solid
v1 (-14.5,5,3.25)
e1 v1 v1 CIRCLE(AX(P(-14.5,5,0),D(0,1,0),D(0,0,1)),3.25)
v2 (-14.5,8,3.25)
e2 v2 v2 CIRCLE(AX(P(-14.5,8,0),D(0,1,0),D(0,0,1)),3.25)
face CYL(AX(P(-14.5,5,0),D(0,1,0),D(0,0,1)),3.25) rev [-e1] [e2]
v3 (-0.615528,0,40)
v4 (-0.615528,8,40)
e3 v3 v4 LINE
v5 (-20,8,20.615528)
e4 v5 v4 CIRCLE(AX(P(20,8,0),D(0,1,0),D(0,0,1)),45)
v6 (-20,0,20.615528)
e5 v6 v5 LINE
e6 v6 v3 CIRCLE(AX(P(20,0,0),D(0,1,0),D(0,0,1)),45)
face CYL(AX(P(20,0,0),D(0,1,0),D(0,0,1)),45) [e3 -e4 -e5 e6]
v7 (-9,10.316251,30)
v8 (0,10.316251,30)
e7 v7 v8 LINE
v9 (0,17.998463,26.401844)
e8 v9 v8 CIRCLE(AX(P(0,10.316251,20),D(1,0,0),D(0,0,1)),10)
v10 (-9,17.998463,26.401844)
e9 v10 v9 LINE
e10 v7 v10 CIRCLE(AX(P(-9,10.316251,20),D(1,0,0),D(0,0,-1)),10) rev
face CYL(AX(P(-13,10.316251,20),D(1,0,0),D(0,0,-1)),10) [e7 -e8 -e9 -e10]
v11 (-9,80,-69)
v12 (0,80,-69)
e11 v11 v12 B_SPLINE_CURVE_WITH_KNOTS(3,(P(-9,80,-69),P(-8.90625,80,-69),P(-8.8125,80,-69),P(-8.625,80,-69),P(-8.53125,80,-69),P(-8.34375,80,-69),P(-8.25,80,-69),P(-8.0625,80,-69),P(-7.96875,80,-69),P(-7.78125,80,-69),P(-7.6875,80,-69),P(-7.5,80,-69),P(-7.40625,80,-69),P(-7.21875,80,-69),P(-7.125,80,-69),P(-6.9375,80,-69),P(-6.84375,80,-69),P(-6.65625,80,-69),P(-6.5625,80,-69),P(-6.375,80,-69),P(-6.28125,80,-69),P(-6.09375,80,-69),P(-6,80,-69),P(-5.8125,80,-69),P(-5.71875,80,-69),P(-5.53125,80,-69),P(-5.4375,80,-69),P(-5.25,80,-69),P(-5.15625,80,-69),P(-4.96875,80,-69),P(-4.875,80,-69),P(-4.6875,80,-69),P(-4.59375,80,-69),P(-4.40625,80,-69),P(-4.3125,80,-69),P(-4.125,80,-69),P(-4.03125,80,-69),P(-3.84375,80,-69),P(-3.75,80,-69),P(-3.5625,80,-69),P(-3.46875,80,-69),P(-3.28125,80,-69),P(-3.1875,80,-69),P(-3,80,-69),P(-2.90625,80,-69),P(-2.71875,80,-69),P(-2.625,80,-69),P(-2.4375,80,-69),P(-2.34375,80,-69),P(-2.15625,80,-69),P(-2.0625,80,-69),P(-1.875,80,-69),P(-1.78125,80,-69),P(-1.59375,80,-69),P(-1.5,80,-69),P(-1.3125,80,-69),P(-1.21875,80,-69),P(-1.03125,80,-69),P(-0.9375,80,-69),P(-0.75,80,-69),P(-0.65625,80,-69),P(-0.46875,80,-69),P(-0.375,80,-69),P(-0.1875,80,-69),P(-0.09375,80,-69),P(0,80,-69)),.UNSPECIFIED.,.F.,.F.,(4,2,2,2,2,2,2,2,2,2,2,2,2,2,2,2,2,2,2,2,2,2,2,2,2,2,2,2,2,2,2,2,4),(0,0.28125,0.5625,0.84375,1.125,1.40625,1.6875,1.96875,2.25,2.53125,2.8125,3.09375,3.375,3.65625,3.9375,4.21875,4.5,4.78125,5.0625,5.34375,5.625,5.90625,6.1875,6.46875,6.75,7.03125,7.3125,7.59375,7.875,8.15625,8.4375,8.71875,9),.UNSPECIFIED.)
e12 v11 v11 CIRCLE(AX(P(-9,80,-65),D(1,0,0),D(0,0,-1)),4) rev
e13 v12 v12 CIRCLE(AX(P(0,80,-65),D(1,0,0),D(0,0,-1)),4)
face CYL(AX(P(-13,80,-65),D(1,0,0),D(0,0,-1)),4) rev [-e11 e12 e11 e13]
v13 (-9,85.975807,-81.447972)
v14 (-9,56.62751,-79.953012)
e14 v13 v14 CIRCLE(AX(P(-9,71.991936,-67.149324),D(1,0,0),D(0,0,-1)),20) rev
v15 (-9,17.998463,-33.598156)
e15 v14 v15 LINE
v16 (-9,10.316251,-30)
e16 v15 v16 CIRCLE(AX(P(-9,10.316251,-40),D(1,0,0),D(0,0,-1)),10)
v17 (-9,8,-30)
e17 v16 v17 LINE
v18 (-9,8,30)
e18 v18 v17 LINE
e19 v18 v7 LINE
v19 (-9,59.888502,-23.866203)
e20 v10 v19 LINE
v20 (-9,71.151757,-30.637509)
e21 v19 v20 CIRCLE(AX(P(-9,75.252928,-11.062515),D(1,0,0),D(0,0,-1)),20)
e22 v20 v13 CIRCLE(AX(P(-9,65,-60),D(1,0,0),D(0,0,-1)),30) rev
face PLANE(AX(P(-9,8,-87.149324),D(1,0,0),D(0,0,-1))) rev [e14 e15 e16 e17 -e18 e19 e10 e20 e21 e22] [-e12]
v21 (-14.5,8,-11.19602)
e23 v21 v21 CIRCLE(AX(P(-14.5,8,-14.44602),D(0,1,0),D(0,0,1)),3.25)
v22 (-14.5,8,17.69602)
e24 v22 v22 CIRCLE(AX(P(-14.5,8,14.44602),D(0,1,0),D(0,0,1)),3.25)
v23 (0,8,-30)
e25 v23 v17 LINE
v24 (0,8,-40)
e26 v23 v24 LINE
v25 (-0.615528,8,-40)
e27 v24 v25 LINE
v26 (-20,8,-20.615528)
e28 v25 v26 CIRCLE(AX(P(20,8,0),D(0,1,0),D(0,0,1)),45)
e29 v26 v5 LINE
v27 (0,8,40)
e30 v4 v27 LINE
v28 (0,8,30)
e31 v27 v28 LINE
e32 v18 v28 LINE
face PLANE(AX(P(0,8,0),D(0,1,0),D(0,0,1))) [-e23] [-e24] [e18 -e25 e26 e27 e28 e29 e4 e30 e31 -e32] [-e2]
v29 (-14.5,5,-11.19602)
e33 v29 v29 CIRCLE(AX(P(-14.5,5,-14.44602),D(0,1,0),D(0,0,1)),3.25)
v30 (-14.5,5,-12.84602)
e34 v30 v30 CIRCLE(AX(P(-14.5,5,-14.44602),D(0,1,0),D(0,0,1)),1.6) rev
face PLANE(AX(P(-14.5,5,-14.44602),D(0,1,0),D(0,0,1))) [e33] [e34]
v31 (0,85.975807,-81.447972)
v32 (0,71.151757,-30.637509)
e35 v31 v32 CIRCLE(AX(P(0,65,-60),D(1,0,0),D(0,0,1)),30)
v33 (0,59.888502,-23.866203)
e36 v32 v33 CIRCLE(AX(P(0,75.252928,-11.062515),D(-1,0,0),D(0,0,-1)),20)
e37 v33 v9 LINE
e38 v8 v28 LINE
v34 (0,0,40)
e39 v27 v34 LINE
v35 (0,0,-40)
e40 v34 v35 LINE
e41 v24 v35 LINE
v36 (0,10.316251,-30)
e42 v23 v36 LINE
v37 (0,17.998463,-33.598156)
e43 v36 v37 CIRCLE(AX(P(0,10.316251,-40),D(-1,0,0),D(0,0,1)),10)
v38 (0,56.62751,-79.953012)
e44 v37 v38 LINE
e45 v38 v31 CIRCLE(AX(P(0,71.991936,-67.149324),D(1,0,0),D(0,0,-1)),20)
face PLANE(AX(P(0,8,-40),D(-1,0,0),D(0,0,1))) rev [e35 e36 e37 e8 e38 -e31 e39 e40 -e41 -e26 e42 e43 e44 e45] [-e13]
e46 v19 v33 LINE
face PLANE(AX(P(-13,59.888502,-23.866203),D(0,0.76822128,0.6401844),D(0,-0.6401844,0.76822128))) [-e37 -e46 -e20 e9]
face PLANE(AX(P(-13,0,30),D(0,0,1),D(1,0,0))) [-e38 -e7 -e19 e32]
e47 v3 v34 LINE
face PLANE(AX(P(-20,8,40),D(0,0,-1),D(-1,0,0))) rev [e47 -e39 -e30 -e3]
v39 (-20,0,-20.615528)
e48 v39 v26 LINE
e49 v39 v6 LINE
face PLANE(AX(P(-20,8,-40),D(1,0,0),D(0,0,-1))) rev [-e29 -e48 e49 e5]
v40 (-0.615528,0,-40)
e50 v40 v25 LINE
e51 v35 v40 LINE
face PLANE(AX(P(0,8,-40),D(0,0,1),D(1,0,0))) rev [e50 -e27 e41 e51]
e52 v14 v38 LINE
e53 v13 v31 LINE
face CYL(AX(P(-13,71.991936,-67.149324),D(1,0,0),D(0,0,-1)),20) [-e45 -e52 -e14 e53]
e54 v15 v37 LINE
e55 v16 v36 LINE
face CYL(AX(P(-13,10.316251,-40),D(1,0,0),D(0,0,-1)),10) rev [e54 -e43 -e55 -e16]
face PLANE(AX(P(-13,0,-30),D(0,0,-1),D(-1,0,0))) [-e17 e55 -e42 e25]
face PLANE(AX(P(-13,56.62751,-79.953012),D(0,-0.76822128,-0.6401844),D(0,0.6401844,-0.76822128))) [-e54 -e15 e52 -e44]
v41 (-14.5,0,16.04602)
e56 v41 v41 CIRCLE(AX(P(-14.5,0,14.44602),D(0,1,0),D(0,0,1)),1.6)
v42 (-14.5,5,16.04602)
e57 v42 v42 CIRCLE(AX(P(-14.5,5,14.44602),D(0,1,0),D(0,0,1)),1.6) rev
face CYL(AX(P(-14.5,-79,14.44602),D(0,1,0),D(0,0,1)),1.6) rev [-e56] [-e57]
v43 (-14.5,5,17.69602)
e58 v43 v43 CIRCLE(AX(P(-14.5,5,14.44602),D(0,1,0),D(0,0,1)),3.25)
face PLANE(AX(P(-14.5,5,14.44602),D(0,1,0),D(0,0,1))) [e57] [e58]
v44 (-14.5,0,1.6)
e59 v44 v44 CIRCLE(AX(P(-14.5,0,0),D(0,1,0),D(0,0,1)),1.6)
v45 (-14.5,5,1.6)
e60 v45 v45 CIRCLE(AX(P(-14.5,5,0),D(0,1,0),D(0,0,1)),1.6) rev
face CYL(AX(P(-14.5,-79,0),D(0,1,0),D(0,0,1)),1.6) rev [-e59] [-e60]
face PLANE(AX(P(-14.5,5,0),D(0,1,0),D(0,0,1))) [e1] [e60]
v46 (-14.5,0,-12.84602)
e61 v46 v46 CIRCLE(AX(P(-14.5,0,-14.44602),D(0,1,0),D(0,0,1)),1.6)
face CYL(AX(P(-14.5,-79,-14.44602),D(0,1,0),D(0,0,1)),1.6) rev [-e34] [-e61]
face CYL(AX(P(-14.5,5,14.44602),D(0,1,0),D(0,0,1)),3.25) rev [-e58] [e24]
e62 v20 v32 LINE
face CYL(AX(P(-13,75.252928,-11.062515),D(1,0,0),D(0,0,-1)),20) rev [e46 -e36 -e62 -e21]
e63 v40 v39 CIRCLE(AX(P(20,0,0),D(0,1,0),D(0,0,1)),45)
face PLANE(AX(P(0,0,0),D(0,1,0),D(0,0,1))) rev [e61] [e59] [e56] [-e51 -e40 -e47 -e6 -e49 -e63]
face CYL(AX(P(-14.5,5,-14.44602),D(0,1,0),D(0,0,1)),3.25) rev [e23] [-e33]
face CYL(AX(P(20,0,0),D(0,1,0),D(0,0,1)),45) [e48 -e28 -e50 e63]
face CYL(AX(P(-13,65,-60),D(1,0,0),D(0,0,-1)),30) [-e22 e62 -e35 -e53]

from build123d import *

# Parameters (mm, degrees)
CROQUIS1_W              = 20
CROQUIS1_H              = 80
SALIENTE_EXTRUIR2_DEPTH = 8
CORTAR_EXTRUIR1_DEPTH   = 8
CROQUIS4_R              = 4
SALIENTE_EXTRUIR3_DEPTH = 13
CROQUIS5_W              = 11
CROQUIS5_H              = 133.76595163
CORTAR_EXTRUIR2_DEPTH   = 87
CROQUIS6_R              = 1.6
CORTAR_EXTRUIR3_DEPTH   = 87
CROQUIS7_R              = 3.25
CORTAR_EXTRUIR4_DEPTH   = 3


with BuildPart() as part:
    # Croquis1 → Saliente-Extruir2 (new body)
    with BuildSketch(Plane(origin=(0, 0, 0), x_dir=(1, 0, 0), z_dir=(0, 1, 0))):
        with Locations((-10, 0)):
            Rectangle(CROQUIS1_W, CROQUIS1_H)
    extrude(amount=SALIENTE_EXTRUIR2_DEPTH)

    # Croquis2 → Cortar-Extruir1 (cut)
    with BuildSketch(Plane(origin=(0, 8, 0), x_dir=(1, 0, 0), z_dir=(0, 1, 0))):
        with BuildLine():
            ThreePointArc((-0.615528128, -40), (-11.819805153, -31.819805153), (-20, -20.615528128))
            Line((-20, -20.615528128), (-20, -40))
            Line((-20, -40), (-0.615528128, -40))
        make_face()
        with BuildLine():
            Line((-0.615528128, 40), (-20, 40))
            Line((-20, 40), (-20, 20.615528128))
            ThreePointArc((-20, 20.615528128), (-11.819805153, 31.819805153), (-0.615528128, 40))
        make_face()
    extrude(amount=-CORTAR_EXTRUIR1_DEPTH, mode=Mode.SUBTRACT)

    # Croquis4 → Saliente-Extruir3 (add)
    with BuildSketch(Plane(origin=(0, 0, 0), x_dir=(0, 0, -1), z_dir=(1, 0, 0))):
        with BuildLine():
            Line((0, 0), (30, 0))
            Line((30, 0), (30, 10.31625054))
            ThreePointArc((30, 10.31625054), (30.944105788, 14.557804503), (33.598156003, 17.998463336))
            Line((33.598156003, 17.998463336), (79.953012113, 56.627510094))
            ThreePointArc((79.953012113, 56.627510094), (87.123427128, 70.974483465), (81.447972358, 85.975807058))
            ThreePointArc((81.447972358, 85.975807058), (51.597737237, 93.799339931), (30.637508796, 71.151756681))
            ThreePointArc((30.637508796, 71.151756681), (28.203401142, 64.948074064), (23.866202653, 59.88850221))
            Line((23.866202653, 59.88850221), (-26.401843997, 17.998463336))
            ThreePointArc((-26.401843997, 17.998463336), (-29.055894212, 14.557804503), (-30, 10.31625054))
            Line((-30, 10.31625054), (-30, 0))
            Line((-30, 0), (0, 0))
        make_face()
        with Locations((65, 80)):
            Circle(CROQUIS4_R, mode=Mode.SUBTRACT)
    extrude(amount=-SALIENTE_EXTRUIR3_DEPTH)

    # Croquis5 → Cortar-Extruir2 (cut)
    with BuildSketch(Plane(origin=(0, 95, 0), x_dir=(1, 0, 0), z_dir=(0, 1, 0))):
        with Locations((-14.5, 20.266348304)):
            Rectangle(CROQUIS5_W, CROQUIS5_H)
    extrude(amount=-CORTAR_EXTRUIR2_DEPTH, mode=Mode.SUBTRACT)

    # Croquis6 → Cortar-Extruir3 (cut)
    with BuildSketch(Plane(origin=(0, 8, 0), x_dir=(1, 0, 0), z_dir=(0, 1, 0))):
        with Locations(Location((-14.5, 14.446020213, 0), (0, 0, 270))):
            Circle(CROQUIS6_R)
        with Locations(Location((-14.5, 0, 0), (0, 0, 270))):
            Circle(CROQUIS6_R)
        with Locations(Location((-14.5, -14.446020213, 0), (0, 0, 270))):
            Circle(CROQUIS6_R)
    extrude(amount=-CORTAR_EXTRUIR3_DEPTH, mode=Mode.SUBTRACT)

    # Croquis7 → Cortar-Extruir4 (cut)
    with BuildSketch(Plane(origin=(0, 8, 0), x_dir=(1, 0, 0), z_dir=(0, 1, 0))):
        with Locations(Location((-14.5, 14.446020213, 0), (0, 0, 270))):
            Circle(CROQUIS7_R)
        with Locations(Location((-14.5, 0, 0), (0, 0, 270))):
            Circle(CROQUIS7_R)
        with Locations(Location((-14.5, -14.446020213, 0), (0, 0, 270))):
            Circle(CROQUIS7_R)
    extrude(amount=-CORTAR_EXTRUIR4_DEPTH, mode=Mode.SUBTRACT)


solid = part.part
